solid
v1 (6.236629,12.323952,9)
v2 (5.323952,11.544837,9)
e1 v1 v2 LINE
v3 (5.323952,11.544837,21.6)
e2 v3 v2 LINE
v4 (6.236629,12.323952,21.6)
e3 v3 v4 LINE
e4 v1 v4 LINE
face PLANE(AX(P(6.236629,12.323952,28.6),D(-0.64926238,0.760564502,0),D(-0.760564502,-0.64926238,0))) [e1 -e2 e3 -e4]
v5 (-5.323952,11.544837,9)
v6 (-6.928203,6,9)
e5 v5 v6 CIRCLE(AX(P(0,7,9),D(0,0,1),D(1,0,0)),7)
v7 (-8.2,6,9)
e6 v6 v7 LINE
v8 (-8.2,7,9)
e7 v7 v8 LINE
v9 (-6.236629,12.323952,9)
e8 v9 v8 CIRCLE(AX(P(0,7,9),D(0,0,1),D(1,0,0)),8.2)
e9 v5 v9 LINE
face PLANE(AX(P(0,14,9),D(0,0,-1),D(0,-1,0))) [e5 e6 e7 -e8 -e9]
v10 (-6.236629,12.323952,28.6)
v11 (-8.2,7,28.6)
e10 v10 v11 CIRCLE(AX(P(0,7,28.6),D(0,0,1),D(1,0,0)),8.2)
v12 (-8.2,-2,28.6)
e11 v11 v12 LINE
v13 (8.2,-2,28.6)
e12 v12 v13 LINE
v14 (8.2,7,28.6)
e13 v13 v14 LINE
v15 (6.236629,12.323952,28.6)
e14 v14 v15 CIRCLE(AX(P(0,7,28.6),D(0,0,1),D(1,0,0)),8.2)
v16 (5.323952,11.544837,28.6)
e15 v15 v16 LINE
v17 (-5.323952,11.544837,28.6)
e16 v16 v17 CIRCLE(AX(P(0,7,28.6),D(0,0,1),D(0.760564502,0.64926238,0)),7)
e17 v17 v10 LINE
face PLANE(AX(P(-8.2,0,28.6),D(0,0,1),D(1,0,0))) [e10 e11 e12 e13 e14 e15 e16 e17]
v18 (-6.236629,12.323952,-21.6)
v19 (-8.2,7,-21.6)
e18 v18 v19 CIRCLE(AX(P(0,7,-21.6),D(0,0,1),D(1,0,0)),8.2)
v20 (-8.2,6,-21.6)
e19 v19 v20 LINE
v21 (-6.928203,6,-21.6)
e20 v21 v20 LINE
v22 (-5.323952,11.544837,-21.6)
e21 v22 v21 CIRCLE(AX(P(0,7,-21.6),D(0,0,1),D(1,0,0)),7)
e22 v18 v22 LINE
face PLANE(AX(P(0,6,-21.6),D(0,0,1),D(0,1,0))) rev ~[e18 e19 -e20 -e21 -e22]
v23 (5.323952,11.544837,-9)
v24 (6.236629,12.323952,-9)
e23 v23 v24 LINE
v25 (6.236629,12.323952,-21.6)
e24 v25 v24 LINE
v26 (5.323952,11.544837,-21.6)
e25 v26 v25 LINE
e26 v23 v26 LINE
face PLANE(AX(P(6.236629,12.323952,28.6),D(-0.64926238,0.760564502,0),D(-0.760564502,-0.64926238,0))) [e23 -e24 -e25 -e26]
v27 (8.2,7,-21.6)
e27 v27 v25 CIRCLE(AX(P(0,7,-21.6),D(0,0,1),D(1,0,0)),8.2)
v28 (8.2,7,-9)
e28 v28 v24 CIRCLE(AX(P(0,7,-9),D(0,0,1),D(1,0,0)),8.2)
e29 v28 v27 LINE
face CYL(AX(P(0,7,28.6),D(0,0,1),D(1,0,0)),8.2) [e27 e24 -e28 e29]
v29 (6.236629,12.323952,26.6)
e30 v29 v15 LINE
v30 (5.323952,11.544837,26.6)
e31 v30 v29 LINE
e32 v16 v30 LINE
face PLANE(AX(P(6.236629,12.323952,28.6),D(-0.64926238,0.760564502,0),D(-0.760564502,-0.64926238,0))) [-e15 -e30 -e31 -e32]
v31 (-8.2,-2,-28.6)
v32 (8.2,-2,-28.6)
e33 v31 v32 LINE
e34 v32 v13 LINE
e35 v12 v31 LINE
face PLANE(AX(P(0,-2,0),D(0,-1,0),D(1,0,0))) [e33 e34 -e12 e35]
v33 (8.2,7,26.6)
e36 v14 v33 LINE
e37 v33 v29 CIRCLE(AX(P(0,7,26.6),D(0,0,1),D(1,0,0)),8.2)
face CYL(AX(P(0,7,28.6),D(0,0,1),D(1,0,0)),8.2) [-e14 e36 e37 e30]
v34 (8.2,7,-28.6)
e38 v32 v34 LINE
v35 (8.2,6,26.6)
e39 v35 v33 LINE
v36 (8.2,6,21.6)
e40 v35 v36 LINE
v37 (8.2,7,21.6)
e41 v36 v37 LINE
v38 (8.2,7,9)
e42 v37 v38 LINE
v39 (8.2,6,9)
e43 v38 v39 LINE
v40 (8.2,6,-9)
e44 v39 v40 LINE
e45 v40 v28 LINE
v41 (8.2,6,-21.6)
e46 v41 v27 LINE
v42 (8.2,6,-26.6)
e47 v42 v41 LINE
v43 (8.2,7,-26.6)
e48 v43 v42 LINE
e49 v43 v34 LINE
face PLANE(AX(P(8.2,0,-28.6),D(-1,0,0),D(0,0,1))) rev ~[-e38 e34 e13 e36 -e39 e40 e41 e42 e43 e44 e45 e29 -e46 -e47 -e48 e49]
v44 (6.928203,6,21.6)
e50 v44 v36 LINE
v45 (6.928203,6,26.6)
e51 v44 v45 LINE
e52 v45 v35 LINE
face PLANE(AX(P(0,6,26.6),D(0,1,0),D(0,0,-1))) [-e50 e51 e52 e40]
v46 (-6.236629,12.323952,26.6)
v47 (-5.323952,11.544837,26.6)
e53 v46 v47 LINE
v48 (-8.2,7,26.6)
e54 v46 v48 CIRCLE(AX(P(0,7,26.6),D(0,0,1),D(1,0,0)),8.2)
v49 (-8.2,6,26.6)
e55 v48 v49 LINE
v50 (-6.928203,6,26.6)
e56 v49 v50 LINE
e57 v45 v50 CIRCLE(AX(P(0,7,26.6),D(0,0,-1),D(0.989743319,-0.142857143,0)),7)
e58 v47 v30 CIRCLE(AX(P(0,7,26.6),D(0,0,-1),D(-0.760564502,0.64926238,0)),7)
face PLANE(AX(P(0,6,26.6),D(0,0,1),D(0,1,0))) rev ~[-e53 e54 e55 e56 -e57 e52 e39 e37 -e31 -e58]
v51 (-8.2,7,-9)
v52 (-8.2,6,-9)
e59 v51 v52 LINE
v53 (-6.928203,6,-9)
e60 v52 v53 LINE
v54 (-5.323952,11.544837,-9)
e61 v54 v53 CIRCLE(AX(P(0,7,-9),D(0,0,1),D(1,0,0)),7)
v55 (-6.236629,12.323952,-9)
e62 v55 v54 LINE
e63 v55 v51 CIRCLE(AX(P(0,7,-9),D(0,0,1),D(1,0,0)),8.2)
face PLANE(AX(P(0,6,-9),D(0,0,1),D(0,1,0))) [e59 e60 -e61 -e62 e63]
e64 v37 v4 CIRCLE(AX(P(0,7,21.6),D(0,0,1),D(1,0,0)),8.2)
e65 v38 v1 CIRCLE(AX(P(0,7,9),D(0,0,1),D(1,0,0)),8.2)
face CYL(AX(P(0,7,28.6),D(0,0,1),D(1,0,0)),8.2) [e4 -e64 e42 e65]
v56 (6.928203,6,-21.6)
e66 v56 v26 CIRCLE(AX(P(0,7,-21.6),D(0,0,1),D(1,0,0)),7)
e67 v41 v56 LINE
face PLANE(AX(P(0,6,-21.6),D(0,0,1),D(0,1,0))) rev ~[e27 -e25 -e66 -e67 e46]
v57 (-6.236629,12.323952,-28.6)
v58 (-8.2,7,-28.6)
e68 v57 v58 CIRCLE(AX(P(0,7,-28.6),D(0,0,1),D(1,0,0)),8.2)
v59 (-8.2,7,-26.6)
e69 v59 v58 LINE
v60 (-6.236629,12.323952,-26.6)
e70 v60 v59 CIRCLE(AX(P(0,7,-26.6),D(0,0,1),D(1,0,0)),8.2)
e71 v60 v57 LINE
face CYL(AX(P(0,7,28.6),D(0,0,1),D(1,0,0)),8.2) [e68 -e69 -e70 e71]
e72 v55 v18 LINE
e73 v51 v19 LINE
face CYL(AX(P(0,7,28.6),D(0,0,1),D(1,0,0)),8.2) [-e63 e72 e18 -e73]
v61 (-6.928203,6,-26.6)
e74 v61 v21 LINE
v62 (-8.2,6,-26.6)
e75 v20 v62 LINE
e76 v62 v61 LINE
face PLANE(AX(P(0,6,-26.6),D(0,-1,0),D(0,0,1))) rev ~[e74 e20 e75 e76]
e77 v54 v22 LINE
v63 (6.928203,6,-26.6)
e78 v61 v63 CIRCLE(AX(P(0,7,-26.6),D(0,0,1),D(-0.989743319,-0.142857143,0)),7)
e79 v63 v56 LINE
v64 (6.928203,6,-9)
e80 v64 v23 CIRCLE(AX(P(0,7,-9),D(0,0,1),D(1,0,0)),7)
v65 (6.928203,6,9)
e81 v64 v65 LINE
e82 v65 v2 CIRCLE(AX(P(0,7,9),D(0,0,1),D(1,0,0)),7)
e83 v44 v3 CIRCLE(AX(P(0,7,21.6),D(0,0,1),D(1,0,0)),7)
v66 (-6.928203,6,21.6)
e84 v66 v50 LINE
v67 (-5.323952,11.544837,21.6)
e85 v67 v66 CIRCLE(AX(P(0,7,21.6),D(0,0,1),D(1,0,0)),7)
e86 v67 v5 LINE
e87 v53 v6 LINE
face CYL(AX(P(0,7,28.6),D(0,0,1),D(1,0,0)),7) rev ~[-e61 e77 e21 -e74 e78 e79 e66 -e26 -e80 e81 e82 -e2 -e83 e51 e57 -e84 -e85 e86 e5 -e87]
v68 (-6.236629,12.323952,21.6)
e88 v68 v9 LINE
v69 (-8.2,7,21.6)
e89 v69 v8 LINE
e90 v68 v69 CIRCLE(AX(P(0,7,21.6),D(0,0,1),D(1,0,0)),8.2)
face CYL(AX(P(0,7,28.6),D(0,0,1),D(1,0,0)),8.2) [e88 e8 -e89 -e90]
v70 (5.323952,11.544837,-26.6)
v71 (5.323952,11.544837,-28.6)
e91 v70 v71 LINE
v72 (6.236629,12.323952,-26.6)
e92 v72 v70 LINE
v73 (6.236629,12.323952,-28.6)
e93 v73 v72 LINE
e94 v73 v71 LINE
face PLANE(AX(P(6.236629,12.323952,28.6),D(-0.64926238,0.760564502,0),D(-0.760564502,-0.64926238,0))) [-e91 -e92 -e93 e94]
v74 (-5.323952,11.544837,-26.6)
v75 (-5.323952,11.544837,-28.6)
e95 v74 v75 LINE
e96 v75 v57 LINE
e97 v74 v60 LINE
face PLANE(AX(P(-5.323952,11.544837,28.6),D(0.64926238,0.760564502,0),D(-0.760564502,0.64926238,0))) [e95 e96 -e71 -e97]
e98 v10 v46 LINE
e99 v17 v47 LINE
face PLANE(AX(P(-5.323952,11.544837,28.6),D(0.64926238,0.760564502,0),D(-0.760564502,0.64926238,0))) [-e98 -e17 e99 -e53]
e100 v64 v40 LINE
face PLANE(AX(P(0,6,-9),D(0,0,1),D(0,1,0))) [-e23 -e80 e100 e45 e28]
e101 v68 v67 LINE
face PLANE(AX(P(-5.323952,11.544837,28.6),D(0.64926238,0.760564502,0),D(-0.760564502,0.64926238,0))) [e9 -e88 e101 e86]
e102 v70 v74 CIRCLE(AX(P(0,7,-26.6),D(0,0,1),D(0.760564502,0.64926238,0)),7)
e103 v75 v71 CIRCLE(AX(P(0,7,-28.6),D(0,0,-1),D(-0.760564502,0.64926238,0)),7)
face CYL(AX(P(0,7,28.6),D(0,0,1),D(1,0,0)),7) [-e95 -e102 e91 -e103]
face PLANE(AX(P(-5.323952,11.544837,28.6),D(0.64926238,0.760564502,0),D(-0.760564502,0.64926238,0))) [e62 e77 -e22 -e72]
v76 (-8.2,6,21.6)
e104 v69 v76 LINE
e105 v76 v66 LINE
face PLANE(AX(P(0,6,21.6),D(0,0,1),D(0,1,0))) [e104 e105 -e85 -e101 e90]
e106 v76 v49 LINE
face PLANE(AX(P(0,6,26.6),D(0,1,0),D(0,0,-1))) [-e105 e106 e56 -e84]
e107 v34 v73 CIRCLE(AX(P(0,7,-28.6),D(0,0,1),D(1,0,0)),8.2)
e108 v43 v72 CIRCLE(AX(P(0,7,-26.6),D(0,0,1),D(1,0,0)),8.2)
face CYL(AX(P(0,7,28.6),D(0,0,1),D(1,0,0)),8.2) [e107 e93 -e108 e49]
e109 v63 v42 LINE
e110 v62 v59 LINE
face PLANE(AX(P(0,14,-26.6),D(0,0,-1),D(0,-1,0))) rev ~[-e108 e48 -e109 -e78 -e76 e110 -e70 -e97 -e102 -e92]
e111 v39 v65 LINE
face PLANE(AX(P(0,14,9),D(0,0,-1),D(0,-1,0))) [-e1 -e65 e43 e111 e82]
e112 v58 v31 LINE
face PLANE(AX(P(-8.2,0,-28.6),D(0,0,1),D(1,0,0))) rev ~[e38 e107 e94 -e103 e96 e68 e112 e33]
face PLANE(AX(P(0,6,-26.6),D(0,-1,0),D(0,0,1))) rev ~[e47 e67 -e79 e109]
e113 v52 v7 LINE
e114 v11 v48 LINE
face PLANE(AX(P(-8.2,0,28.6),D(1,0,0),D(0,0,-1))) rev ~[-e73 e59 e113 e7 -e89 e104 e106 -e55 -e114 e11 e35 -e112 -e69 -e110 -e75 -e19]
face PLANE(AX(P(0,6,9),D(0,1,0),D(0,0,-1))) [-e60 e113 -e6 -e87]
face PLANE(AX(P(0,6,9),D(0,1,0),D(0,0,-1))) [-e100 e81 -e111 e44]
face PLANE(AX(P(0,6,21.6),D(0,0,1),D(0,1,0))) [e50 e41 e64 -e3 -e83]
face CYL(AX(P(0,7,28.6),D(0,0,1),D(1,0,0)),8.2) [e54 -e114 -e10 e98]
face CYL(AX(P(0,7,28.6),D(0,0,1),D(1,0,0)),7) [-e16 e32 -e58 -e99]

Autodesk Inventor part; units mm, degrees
ref_plane "YZ Plane" through (0, 0, 0) normal (1, 0, 0) x (0, 1, 0)
ref_plane "XZ Plane" through (0, 0, 0) normal (0, 1, 0) x (-1, 0, 0)
ref_plane "XY Plane" through (0, 0, 0) normal (0, 0, 1) x (1, 0, 0)
sketch "スケッチ1" plane through (0, 0, 0) normal (0, 1, 0) x (-1, 0, 0)
  line L0 (8.2, 28.6) -> (-8.2, 28.6)
  line L1 (-8.2, 28.6) -> (-8.2, -28.6)
  line L2 (-8.2, -28.6) -> (8.2, -28.6)
  line L3 (8.2, -28.6) -> (8.2, 28.6)
  line L4 (7, 26.6) -> (-7, 26.6)
  line L5 (-7, 26.6) -> (-7, -26.6)
  line L6 (-7, -26.6) -> (7, -26.6)
  line L7 (7, -26.6) -> (7, 26.6)
  point P0 (0, 0)
  point P1 (8.2, 0)
  point P2 (0, 28.6)
  point P3 (0, 26.6)
  point P4 (7, 0)
  dimension "d0" = 57.2
  dimension "d1" = 16.4
  dimension "d4" = 2
  dimension "d7" = 14
extrude "押し出し1" add sketch "スケッチ1" along normal blind 14
sketch "スケッチ2" plane through (-8.2, 0, 28.6) normal (0, 0, 1) x (1, 0, 0)
  circle A0 centre (8.2, 7) radius 7
  line L0 (0, 14) -> (16.4, 14) projected
  line L1 (0, 0) -> (16.4, 0) projected
  circle A1 centre (8.2, 7) radius 8.2
  line L2 (16.4, 0) -> (16.4, 14) projected
  line L3 (8.2, 7) -> (0, 14)
  line L4 (16.4, 14) -> (8.2, 7)
  line L5 (0, 0) -> (0, 14) projected
  point P0 (8.2, 0)
  point P1 (8.2, 0)
  point P2 (2.876, 11.5448)
  point P3 (1.9634, 12.324)
  point P4 (0, 7)
  point P5 (8.2, 0)
  point P6 (14.4366, 12.324)
  point P7 (13.524, 11.5448)
  point P8 (16.4, 7)
  point P9 (8.2, 14)
  dimension "d8" = 14
extrude "押し出し2" add sketch "スケッチ2" against normal up to surface (57.2 mm away) contours A0 L4 A1 L1 | L1 A1 L3 A0 | L1 L5 A1 | A1 L2 L1
extrude "押し出し3" cut sketch "スケッチ2" against normal through all contours A0 L0 A1 L4 | A0 L3 A1 L0 | L4 L2 A1 | A1 L0 L4 | A1 L3 L0 | A1 L5 L3
sketch "スケッチ3" plane through (0, 0, 0) normal (1, 0, 0) x (0, 1, 0)
  line L0 (0, 26.6) -> (11.5448, 26.6) projected
  line L1 (11.5448, -26.6) -> (11.5448, -26.6) projected
  line L2 (11.5448, -26.6) -> (0, -26.6) projected
  line L3 (0, -26.6) -> (11.5448, -26.6) projected
  line L4 (11.5448, 26.6) -> (11.5448, 26.6) projected
  line L5 (11.5448, 26.6) -> (0, 26.6) projected
  line L6 (0, 26.6) -> (11.5448, 26.6) projected
  line L7 (11.5448, 26.6) -> (14, 26.6) projected
  line L8 (14, -26.6) -> (11.5448, -26.6) projected
  line L9 (-2.8, 0) -> (16.8, 0) projected
  line L10 (14, 9) -> (6, 9)
  line L11 (6, 9) -> (6, -9)
  line L12 (6, -9) -> (14, -9)
  line L13 (14, 26.6) -> (6, 26.6)
  line L14 (6, 26.6) -> (6, 21.6)
  line L15 (6, 21.6) -> (14, 21.6)
  line L16 (14, 21.6) -> (14, 26.6)
  line L17 (14, -26.6) -> (6, -26.6)
  line L18 (6, -26.6) -> (6, -21.6)
  line L19 (6, -21.6) -> (14, -21.6)
  line L20 (14, -21.6) -> (14, -26.6)
  line L21 (14, 9) -> (14, -9)
  line L22 (0, 26.6) -> (0, -26.6) projected
  point P0 (0, 0)
  point P1 (12.7724, -26.6)
  point P2 (14, 0)
  point P3 (0, 0)
  dimension "d13" = 8
  dimension "d14" = 18
  dimension "d15" = 5
extrude "押し出し4" cut sketch "スケッチ3" along normal through all both and the other way through all
sketch "スケッチ4" plane through (0, 0, 0) normal (0, -1, 0) x (1, 0, 0)
  line L0 (-8.2, 28.6) -> (8.2, 28.6) projected
  line L1 (8.2, 28.6) -> (-8.2, 28.6)
  line L2 (-8.2, 28.6) -> (-8.2, -28.6)
  line L3 (-8.2, -28.6) -> (8.2, -28.6)
  line L4 (8.2, -28.6) -> (8.2, 28.6)
  point P0 (0, 0)
extrude "押し出し5" add sketch "スケッチ4" along normal blind 2
properties part number "AA_battery_box"
